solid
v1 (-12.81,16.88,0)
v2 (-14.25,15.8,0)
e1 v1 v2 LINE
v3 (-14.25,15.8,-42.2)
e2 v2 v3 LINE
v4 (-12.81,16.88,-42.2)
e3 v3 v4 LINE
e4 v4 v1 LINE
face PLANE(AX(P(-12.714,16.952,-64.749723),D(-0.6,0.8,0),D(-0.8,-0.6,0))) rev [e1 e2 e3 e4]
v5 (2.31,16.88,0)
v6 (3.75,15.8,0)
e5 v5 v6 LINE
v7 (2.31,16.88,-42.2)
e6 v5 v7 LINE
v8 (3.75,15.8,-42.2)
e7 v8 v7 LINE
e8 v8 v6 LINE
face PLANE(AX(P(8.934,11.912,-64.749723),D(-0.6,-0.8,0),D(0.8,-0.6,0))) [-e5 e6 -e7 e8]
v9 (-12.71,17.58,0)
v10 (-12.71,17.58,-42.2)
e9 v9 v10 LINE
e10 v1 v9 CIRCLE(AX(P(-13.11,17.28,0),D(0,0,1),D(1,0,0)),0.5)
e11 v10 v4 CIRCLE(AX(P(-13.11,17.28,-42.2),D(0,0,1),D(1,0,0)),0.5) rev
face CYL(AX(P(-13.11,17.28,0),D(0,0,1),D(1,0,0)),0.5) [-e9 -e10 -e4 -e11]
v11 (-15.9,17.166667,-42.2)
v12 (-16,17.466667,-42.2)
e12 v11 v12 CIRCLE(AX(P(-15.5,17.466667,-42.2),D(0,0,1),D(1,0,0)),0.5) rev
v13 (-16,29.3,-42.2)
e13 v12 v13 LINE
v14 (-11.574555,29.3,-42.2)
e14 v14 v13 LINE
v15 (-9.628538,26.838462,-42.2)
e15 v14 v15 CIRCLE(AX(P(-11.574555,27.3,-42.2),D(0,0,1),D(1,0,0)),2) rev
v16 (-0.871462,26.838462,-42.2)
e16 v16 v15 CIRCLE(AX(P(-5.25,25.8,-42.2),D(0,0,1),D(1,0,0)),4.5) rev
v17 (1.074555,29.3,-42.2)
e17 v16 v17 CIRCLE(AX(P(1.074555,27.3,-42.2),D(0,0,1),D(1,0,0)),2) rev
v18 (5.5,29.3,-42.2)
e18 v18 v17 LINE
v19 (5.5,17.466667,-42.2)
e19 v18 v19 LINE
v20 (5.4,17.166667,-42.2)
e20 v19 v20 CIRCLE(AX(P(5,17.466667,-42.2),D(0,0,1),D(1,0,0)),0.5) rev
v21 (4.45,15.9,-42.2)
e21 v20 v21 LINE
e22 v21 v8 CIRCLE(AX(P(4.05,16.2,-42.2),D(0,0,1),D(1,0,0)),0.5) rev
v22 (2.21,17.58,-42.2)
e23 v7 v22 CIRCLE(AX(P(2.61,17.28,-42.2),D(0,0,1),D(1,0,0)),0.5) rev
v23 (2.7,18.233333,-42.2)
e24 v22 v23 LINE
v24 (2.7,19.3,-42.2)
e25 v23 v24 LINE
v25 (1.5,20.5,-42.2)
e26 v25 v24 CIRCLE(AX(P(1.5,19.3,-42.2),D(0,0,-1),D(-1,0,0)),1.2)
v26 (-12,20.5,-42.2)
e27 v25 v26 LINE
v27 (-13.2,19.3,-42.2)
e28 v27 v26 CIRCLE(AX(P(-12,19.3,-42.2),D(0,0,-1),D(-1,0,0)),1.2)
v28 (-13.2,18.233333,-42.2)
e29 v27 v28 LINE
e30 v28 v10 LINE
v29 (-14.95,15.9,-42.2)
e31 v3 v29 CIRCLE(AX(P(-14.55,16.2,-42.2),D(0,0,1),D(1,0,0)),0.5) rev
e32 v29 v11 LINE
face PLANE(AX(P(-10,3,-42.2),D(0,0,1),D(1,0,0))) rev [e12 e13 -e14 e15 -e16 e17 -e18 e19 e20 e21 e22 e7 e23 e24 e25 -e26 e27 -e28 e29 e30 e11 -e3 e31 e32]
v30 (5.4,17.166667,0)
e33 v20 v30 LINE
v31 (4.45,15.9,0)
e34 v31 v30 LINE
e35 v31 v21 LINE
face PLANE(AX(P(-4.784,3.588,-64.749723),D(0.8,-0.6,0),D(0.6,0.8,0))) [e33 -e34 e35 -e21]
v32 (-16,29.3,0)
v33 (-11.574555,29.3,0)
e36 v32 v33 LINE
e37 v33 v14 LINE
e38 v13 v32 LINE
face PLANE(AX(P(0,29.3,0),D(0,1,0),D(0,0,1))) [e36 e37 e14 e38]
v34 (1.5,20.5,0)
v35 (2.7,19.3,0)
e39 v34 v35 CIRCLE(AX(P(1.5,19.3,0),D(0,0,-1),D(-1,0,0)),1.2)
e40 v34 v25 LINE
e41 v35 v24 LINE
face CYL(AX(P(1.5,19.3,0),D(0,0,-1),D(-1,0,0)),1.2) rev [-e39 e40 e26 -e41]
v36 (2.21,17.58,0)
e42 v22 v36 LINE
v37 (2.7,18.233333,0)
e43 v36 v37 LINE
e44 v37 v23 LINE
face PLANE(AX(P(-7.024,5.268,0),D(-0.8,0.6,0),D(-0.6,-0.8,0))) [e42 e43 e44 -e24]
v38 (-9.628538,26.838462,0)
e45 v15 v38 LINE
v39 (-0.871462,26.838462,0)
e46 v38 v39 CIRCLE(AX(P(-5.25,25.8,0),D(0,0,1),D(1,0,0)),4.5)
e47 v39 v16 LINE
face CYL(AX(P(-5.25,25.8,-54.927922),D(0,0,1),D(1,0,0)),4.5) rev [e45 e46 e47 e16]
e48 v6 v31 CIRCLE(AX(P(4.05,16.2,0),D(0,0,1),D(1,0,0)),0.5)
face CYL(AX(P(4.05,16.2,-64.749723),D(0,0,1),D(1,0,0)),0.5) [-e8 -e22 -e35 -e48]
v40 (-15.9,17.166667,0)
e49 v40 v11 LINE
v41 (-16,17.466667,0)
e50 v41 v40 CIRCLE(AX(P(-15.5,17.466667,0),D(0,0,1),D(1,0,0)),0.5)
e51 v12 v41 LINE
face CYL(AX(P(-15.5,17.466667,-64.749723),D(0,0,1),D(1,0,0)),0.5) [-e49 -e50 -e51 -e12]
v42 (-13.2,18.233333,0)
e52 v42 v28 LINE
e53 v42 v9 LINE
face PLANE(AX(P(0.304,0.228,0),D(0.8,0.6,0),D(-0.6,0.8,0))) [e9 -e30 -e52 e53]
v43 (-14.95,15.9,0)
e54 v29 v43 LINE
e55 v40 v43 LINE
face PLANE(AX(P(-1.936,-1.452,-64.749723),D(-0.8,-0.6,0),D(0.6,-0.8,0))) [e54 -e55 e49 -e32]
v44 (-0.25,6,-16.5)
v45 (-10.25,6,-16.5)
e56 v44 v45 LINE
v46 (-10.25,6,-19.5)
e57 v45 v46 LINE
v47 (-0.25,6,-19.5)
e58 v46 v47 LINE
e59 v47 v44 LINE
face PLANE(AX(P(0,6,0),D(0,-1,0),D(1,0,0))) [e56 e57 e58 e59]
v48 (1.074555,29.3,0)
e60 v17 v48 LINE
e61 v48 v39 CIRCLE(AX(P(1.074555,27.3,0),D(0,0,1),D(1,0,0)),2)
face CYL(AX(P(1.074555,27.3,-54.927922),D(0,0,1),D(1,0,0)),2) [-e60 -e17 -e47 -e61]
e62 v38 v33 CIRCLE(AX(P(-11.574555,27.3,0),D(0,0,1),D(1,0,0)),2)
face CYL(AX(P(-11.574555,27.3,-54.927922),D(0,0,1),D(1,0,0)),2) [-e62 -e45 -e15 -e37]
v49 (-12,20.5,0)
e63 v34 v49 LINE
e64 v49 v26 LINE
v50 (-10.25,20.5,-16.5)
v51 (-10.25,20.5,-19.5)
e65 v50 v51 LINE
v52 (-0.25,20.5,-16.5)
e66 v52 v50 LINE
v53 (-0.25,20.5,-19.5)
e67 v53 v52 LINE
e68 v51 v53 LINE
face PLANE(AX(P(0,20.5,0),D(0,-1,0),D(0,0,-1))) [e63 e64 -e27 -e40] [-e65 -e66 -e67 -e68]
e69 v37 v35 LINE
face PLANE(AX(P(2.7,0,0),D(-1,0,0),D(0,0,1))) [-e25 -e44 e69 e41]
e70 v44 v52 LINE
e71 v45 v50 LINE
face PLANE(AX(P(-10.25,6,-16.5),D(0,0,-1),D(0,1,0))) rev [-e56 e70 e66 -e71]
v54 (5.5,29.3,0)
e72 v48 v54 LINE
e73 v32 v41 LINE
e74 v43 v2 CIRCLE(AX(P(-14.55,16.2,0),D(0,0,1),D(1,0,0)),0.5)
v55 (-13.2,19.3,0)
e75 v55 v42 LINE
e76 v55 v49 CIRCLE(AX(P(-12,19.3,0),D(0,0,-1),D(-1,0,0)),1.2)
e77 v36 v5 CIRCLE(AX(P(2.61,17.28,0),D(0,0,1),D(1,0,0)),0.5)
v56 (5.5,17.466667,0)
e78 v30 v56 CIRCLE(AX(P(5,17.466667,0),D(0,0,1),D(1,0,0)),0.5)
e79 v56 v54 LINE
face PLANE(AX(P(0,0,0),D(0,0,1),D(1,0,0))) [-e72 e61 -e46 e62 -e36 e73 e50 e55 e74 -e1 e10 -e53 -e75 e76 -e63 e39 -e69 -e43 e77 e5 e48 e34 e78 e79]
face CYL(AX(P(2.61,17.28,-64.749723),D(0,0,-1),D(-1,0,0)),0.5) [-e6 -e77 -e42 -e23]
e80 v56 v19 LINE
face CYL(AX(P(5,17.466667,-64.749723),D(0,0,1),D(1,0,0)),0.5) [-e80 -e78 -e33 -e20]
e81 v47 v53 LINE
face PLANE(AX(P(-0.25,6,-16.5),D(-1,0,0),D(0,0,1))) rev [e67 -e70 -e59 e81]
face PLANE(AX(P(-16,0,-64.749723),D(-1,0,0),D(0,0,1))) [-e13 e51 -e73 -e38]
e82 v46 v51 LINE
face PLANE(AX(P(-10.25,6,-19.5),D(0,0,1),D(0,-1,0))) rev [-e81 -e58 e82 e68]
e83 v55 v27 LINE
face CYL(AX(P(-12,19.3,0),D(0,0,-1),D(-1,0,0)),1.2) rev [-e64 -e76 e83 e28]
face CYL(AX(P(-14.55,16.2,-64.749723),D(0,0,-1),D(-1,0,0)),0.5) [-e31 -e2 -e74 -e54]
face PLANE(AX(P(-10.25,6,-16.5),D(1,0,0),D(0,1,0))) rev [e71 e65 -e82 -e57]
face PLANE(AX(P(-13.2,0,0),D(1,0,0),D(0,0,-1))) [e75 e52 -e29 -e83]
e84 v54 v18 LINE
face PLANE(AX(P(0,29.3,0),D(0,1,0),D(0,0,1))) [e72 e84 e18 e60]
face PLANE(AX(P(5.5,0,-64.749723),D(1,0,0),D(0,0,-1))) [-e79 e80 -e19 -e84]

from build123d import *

# Parameters (mm, degrees)
EXTRUDE_1_DEPTH     = 42.2
CUT_EXTRUDE_5_DEPTH = 51.340143027
SKETCH_5_W          = 10
SKETCH_5_H          = 3
EXTRUDE_4_DEPTH     = 14.5
SKETCH_6_W          = 21.5
SKETCH_6_H          = 42.2
EXTRUDE_5_DEPTH     = 7
SKETCH_7_R          = 4.5
CUT_EXTRUDE_3_DEPTH = 42.2
FILLET_2_R          = 2
FILLET_3_R          = 0.5


with BuildPart() as part:
    # 草图2 → 凸台-拉伸1 (new body)
    with BuildSketch(Plane.XY):
        with BuildLine():
            ThreePointArc((2.5, 19.3), (2.207106781, 20.007106781), (1.5, 20.3))
            Line((1.5, 20.3), (-12, 20.3))
            ThreePointArc((-12, 20.3), (-12.707106781, 20.007106781), (-13, 19.3))
            Line((-13, 19.3), (-13, 18.3))
            Line((-13, 18.3), (-12.25, 17.3))
            Line((-12.25, 17.3), (-14.65, 15.5))
            Line((-14.65, 15.5), (-16, 17.3))
            Line((-16, 17.3), (-16, 22.3))
            Line((-16, 22.3), (5.5, 22.3))
            Line((5.5, 22.3), (5.5, 17.3))
            Line((5.5, 17.3), (4.15, 15.5))
            Line((4.15, 15.5), (1.75, 17.3))
            Line((1.75, 17.3), (2.5, 18.3))
            Line((2.5, 18.3), (2.5, 19.3))
        make_face()
    extrude(amount=-EXTRUDE_1_DEPTH)

    # 草图9 → 切除-拉伸5 (cut, through all)
    with BuildSketch(Plane(origin=(0, 0, -42.2), x_dir=(-1, 0, 0), z_dir=(0, 0, -1))):
        with BuildLine():
            Line((-2.7, 18.233333333), (-1.91, 17.18))
            Line((-1.91, 17.18), (-1.75, 17.3))
            Line((-1.75, 17.3), (-2.5, 18.3))
            Line((-2.5, 18.3), (-2.5, 19.3))
            ThreePointArc((-2.5, 19.3), (-2.207106781, 20.007106781), (-1.5, 20.3))
            Line((-1.5, 20.3), (12, 20.3))
            ThreePointArc((12, 20.3), (12.707106781, 20.007106781), (13, 19.3))
            Line((13, 19.3), (13, 18.3))
            Line((13, 18.3), (12.25, 17.3))
            Line((12.25, 17.3), (12.41, 17.18))
            Line((12.41, 17.18), (13.2, 18.233333333))
            Line((13.2, 18.233333333), (13.2, 19.3))
            ThreePointArc((13.2, 19.3), (12.848528137, 20.148528137), (12, 20.5))
            Line((12, 20.5), (-1.5, 20.5))
            ThreePointArc((-1.5, 20.5), (-2.348528137, 20.148528137), (-2.7, 19.3))
            Line((-2.7, 19.3), (-2.7, 18.233333333))
        make_face()
    extrude(amount=-CUT_EXTRUDE_5_DEPTH, mode=Mode.SUBTRACT)

    # 草图5 → 凸台-拉伸4 (add)
    with BuildSketch(Plane.XZ.offset(-20.5)):
        with Locations((-5.25, -18)):
            Rectangle(SKETCH_5_W, SKETCH_5_H)
    extrude(amount=EXTRUDE_4_DEPTH)

    # 草图6 → 凸台-拉伸5 (add)
    with BuildSketch(Plane(origin=(0, 22.3, 0), x_dir=(1, 0, 0), z_dir=(0, 1, 0))):
        with Locations((-5.25, 21.1)):
            Rectangle(SKETCH_6_W, SKETCH_6_H)
    extrude(amount=EXTRUDE_5_DEPTH)

    # 草图7 → 切除-拉伸3 (cut)
    with BuildSketch(Plane.XY):
        with Locations((-5.25, 25.8)):
            Circle(SKETCH_7_R)
    extrude(amount=-CUT_EXTRUDE_3_DEPTH, mode=Mode.SUBTRACT)

    # 圆角2
    fillet_2_edges = [part.edges().sort_by_distance(p)[0] for p in [
        (-2.421572875, 29.3, -21.1),
        (-8.078427125, 29.3, -21.1),
    ]]
    fillet(fillet_2_edges, radius=FILLET_2_R)

    # 圆角3
    fillet_3_edges = [part.edges().sort_by_distance(p)[0] for p in [
        (4.15, 15.5, -21.1),
        (5.5, 17.3, -21.1),
        (-16, 17.3, -21.1),
        (-14.65, 15.5, -21.1),
        (-12.41, 17.18, -21.1),
        (1.91, 17.18, -21.1),
    ]]
    fillet(fillet_3_edges, radius=FILLET_3_R)


solid = part.part
